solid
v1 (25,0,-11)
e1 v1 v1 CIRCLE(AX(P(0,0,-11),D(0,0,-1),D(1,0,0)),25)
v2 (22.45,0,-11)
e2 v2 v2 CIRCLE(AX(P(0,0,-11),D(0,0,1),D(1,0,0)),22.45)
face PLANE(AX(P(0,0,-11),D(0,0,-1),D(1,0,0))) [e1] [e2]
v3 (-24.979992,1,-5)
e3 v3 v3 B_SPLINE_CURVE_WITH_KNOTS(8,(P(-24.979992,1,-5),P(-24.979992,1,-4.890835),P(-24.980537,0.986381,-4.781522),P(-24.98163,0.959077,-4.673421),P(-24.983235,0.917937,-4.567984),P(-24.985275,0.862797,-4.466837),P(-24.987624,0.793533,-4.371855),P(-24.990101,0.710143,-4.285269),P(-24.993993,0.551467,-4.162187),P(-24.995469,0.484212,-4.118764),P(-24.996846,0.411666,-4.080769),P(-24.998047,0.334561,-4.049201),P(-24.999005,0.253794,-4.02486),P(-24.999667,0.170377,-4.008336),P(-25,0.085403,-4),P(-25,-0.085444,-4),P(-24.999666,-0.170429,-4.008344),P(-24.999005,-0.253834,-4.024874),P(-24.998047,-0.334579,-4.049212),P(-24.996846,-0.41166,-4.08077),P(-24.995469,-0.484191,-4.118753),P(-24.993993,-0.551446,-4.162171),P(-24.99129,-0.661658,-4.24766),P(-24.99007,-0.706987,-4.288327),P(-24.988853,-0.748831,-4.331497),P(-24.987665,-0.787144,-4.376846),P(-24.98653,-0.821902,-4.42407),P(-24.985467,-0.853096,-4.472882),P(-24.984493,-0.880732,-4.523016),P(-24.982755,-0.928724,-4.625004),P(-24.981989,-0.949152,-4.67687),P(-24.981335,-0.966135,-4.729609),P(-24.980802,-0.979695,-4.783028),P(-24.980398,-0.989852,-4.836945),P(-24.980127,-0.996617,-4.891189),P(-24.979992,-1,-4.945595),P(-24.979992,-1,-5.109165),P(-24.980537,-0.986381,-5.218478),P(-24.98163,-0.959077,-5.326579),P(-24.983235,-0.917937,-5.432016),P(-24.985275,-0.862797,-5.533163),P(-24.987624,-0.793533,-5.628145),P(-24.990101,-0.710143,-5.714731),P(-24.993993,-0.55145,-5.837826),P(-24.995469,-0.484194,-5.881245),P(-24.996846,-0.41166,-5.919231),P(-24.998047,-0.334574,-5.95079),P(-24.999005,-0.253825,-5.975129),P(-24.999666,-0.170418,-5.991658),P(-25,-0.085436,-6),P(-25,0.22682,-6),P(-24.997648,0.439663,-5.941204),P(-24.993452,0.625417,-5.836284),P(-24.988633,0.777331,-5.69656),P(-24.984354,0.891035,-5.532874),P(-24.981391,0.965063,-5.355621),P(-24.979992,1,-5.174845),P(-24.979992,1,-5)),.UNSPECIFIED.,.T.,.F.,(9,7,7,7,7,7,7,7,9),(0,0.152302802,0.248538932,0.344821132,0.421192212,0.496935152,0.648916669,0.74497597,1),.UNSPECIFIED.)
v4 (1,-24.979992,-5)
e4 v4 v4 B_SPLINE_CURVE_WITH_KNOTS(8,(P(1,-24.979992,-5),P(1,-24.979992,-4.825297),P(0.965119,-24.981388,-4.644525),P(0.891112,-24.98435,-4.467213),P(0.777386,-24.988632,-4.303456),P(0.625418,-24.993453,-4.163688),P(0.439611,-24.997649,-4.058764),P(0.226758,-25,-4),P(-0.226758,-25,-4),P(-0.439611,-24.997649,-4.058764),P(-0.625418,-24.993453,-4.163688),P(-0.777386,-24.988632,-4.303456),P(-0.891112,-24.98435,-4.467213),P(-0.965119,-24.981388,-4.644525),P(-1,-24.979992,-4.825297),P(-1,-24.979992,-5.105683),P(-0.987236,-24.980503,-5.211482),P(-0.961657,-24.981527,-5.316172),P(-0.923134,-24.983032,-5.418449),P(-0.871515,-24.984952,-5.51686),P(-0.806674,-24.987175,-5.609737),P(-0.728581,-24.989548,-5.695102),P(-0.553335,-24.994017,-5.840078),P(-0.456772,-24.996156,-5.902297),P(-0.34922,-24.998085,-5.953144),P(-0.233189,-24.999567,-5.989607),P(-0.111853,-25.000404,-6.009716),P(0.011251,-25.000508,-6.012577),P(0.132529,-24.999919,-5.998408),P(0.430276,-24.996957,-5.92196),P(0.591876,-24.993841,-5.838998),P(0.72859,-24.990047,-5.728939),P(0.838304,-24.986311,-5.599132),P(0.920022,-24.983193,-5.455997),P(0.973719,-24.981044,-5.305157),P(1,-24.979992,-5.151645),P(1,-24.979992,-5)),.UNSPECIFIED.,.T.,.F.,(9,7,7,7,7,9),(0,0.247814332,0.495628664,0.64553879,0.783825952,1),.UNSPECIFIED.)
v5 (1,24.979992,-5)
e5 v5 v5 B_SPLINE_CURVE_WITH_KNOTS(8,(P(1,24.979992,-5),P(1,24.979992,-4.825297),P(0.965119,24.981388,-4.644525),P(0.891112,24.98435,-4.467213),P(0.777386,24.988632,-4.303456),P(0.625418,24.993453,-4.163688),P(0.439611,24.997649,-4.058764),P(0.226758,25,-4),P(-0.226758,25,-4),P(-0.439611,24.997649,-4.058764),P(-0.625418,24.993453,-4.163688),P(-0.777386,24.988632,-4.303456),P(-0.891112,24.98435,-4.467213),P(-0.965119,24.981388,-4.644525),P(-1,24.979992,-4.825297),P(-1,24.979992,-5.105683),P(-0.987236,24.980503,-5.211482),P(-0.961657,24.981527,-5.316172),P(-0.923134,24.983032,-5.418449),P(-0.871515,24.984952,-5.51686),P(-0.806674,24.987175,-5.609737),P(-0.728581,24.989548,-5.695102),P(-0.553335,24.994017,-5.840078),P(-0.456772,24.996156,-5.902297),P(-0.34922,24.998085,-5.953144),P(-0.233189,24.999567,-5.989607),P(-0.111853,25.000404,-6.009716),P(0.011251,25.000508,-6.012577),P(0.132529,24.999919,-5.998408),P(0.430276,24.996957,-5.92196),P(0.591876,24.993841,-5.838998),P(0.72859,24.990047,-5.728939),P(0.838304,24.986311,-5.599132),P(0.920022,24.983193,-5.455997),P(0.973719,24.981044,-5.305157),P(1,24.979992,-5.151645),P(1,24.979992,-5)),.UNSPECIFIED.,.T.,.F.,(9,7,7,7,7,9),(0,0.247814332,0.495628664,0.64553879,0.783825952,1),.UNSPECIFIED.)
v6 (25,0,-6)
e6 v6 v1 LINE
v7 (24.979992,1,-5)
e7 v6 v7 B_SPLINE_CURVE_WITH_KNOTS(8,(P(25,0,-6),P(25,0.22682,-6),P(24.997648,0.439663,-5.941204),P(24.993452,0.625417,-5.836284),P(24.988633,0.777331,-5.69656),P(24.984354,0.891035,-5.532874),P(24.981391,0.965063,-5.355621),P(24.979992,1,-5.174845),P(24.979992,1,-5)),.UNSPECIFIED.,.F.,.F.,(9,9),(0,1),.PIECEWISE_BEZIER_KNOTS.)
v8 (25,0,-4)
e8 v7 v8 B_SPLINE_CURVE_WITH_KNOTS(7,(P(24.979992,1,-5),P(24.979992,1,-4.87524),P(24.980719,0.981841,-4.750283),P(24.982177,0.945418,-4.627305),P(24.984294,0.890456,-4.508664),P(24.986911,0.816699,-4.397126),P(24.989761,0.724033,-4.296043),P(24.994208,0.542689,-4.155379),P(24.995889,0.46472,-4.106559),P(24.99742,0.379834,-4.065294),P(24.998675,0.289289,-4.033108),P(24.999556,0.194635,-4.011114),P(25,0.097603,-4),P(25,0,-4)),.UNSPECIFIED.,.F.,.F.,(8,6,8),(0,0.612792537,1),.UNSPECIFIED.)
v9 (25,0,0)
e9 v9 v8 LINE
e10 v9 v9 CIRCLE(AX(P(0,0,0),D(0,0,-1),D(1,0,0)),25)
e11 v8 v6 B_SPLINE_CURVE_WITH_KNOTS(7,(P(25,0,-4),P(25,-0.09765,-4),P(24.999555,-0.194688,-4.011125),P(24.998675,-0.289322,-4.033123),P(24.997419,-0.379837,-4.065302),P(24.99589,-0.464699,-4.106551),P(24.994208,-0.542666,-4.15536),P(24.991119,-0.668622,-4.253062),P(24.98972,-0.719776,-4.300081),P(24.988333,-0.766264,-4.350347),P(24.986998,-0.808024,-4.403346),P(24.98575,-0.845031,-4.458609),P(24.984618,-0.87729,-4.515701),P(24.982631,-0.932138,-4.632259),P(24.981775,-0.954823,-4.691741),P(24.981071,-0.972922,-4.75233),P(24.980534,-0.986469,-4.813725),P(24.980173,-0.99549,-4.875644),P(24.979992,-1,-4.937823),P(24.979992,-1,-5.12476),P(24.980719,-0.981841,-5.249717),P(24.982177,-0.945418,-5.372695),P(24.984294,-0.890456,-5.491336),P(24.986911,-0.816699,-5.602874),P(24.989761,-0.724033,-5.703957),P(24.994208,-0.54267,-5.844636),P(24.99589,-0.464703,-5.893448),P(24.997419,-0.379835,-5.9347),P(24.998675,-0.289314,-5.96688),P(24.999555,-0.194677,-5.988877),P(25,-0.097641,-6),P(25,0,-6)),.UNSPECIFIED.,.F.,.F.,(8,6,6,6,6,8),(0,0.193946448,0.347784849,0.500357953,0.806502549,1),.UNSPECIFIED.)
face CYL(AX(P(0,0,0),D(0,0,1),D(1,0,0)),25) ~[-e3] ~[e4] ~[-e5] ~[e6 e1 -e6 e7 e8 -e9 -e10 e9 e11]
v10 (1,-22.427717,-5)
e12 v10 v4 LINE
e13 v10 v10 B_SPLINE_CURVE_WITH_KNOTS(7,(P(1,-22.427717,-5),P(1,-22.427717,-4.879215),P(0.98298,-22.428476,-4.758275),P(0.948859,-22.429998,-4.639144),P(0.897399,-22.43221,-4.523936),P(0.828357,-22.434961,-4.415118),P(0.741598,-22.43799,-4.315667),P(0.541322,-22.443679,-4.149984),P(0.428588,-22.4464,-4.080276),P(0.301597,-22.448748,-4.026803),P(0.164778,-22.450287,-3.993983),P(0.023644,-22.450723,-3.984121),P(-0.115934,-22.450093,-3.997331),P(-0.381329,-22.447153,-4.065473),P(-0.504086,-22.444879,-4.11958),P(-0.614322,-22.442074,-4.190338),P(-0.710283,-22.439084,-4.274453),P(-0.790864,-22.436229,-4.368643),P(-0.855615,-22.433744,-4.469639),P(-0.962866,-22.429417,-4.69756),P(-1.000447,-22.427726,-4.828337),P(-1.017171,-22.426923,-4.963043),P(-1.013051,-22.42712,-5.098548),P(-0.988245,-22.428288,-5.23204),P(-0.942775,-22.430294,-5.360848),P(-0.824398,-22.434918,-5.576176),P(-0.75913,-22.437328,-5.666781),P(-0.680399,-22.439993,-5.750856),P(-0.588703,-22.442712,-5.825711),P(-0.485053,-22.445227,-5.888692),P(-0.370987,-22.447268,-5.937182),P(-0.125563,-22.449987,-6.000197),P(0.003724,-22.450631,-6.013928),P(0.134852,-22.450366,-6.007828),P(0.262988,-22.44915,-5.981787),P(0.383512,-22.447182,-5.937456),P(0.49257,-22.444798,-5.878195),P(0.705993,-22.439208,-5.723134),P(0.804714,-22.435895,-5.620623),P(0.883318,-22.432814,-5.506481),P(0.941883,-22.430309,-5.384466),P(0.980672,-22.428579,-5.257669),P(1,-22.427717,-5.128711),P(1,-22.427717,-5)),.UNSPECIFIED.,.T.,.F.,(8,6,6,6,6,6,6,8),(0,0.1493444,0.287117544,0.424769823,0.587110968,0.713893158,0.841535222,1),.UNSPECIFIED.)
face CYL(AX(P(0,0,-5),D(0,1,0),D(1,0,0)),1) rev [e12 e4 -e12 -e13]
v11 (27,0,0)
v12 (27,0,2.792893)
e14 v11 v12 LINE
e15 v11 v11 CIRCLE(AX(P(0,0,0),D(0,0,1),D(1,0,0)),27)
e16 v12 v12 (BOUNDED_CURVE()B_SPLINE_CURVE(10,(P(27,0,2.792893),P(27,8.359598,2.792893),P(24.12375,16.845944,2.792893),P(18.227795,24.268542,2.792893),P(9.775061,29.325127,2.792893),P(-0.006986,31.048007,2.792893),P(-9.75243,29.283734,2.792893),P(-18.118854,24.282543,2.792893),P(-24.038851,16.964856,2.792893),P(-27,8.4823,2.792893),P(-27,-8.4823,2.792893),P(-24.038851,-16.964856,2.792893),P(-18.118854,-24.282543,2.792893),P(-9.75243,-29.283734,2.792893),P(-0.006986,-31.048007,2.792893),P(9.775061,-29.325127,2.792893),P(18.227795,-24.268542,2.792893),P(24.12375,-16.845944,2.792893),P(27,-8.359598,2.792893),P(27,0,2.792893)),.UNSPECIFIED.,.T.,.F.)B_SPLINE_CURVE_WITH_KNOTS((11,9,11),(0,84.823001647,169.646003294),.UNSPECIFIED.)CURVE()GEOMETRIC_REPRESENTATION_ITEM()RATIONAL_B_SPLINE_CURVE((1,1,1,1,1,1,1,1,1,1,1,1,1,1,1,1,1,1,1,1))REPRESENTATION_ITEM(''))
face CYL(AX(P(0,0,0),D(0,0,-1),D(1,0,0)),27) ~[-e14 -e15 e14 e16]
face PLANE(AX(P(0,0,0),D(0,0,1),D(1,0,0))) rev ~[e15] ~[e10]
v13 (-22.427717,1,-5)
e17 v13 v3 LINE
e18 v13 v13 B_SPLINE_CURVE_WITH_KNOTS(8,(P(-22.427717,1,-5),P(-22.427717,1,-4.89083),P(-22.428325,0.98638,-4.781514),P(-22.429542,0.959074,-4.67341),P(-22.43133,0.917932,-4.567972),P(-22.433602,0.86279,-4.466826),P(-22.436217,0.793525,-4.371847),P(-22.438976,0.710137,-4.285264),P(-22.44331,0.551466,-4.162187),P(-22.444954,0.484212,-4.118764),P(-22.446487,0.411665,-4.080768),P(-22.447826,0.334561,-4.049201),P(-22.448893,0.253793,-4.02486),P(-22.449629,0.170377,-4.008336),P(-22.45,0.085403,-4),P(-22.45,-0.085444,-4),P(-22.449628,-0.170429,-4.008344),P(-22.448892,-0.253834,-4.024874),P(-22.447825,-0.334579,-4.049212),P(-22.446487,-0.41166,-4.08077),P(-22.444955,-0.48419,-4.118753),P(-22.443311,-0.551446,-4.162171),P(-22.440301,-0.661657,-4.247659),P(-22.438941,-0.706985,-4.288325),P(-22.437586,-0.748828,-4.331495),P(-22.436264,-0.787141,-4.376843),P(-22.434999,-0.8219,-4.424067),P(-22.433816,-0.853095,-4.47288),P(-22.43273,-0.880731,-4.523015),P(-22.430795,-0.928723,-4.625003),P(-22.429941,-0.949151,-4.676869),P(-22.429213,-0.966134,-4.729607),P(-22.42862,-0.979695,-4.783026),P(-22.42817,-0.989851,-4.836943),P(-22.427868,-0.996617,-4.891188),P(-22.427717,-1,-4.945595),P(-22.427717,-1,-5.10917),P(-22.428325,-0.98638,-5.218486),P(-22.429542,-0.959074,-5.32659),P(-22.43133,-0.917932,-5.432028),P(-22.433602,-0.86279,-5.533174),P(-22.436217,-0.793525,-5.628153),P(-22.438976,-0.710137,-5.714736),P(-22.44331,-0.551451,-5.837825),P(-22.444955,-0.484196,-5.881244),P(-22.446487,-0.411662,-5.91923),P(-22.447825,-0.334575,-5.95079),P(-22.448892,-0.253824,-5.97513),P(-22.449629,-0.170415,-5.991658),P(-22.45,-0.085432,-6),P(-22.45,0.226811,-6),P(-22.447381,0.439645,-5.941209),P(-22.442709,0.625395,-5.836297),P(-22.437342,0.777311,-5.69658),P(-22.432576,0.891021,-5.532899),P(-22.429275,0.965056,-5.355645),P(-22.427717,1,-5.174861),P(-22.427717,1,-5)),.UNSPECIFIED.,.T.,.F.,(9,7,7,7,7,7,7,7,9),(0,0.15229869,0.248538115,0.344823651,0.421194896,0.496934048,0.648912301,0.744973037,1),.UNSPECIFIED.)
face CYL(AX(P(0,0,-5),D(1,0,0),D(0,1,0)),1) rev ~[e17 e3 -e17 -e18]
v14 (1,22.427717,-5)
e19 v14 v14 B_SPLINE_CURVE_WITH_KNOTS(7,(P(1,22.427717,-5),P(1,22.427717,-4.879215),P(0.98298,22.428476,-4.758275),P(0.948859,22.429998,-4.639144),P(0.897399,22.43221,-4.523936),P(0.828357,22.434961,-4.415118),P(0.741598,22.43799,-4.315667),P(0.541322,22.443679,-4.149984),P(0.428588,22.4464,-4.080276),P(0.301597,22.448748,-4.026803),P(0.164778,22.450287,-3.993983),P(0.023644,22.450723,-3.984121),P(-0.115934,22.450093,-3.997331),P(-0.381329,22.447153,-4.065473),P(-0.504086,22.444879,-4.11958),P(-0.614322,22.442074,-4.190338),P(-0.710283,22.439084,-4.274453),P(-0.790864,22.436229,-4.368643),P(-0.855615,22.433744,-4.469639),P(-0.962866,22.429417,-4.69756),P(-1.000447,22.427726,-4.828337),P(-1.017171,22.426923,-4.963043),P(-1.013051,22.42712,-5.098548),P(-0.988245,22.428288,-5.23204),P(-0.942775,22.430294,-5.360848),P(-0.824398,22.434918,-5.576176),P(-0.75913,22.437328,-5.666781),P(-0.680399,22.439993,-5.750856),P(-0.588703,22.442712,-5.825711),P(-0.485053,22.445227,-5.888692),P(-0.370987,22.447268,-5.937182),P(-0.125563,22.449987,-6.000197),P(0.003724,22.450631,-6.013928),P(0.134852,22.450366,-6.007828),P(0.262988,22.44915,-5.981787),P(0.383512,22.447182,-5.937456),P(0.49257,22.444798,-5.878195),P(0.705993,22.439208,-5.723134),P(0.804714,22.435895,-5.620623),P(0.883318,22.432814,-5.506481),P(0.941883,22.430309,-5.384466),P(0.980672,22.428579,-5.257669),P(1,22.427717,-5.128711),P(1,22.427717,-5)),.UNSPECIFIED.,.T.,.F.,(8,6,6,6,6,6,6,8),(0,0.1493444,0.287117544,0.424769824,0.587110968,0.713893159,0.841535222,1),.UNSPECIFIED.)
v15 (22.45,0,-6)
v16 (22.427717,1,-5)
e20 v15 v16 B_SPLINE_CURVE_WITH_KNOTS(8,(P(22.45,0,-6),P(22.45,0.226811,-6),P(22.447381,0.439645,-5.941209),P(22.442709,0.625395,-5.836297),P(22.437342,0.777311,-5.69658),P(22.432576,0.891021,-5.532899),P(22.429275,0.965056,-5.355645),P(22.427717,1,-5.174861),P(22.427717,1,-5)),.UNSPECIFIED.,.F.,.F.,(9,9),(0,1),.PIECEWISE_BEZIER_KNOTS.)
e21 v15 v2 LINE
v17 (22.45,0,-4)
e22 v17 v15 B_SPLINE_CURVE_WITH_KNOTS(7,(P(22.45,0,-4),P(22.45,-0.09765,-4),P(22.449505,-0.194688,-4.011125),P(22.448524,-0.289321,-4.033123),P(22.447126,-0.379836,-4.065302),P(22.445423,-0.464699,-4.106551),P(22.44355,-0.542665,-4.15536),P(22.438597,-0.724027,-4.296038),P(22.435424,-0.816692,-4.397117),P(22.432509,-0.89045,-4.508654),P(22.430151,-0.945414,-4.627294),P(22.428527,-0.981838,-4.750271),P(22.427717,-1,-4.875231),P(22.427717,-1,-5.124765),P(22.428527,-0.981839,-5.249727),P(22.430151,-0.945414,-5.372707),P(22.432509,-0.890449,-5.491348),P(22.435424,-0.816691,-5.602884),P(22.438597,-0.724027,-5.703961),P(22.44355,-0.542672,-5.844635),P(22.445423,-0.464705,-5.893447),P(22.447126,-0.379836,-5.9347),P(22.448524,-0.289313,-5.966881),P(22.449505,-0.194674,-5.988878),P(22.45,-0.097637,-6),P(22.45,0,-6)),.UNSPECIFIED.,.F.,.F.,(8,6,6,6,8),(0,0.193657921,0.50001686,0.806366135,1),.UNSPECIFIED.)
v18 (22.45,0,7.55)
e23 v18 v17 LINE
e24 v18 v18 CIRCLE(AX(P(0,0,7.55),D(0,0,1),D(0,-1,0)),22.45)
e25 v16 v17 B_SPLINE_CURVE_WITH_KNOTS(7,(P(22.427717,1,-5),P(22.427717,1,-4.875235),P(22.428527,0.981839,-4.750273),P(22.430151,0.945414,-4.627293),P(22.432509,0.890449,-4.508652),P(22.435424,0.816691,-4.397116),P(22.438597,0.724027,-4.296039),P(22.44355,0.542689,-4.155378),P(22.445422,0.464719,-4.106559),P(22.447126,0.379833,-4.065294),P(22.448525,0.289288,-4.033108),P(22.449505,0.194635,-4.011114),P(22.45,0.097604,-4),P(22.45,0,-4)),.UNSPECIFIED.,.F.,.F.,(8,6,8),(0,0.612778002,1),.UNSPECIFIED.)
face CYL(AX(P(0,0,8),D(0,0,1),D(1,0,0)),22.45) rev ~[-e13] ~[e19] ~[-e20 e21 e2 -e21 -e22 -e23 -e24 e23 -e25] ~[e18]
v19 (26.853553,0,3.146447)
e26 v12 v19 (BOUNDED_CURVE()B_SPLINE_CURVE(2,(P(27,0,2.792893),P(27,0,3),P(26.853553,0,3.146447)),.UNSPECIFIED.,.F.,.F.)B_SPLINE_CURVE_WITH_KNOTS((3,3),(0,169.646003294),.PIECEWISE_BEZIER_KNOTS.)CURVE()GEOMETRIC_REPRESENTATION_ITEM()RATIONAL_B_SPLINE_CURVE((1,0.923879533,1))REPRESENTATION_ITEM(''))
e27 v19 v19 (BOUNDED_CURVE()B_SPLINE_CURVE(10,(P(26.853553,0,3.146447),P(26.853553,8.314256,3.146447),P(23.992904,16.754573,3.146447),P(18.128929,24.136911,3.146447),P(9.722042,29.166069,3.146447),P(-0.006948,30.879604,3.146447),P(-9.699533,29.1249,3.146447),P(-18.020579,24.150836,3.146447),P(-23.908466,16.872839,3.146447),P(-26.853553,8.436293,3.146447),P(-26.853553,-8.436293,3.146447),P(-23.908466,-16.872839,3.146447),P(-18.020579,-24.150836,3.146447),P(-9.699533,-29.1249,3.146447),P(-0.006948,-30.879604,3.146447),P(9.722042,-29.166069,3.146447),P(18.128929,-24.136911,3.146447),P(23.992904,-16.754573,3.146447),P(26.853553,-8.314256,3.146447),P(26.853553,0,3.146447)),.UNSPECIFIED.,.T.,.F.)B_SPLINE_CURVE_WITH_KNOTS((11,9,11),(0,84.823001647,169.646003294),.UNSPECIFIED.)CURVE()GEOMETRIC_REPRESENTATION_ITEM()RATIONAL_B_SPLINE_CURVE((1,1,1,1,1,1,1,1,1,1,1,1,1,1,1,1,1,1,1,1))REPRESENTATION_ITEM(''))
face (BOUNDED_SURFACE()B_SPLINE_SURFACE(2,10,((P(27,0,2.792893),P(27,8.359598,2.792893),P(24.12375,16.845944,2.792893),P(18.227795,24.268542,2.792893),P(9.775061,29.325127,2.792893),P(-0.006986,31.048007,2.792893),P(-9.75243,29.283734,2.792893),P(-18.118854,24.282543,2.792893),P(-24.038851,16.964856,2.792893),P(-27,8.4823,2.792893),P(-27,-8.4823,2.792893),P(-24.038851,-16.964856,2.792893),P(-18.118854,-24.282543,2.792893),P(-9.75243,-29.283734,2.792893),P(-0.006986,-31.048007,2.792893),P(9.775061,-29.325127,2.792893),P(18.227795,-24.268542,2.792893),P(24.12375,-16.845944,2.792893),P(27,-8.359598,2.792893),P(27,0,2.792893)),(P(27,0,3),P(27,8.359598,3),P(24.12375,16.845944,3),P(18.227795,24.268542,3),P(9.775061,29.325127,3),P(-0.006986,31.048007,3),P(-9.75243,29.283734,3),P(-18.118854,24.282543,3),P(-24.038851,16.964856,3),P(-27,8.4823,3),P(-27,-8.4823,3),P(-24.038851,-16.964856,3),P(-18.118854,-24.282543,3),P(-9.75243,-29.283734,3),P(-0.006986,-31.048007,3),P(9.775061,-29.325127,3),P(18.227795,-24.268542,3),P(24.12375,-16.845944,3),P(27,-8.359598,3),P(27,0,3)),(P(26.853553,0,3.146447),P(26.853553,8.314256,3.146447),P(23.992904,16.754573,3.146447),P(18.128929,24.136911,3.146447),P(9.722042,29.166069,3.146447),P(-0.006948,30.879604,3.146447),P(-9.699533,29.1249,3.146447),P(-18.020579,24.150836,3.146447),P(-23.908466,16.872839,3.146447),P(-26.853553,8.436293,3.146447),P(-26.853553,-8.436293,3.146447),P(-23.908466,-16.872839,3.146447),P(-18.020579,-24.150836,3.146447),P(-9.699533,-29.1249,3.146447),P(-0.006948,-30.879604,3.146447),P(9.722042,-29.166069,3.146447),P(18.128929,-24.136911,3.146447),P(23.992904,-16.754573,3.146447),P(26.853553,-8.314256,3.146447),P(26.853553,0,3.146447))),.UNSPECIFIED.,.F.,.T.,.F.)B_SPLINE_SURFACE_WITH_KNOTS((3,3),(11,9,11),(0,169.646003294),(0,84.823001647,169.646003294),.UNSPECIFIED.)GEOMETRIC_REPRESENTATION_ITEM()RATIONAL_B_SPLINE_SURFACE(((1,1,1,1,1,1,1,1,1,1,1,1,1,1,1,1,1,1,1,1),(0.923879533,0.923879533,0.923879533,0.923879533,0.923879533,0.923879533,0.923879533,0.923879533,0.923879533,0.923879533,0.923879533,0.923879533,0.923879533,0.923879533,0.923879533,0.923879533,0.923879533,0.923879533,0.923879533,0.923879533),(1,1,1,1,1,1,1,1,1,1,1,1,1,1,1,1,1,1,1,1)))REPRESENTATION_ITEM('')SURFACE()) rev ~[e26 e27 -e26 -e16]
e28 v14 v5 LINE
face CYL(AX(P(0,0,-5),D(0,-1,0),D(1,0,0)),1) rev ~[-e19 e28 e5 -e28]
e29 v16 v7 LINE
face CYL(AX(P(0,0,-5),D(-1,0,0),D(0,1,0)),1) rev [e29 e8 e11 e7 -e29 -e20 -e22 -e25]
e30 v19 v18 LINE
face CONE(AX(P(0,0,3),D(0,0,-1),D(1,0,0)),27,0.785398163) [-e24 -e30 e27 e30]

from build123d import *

# Parameters (mm, degrees)
F0_R           = 27
F1_DEPTH       = 8
F2_SIZE        = 5
F3_R           = 0.5
F4_R           = 25
F5_DEPTH       = 11
F6_R           = 22.45
F7_DEPTH       = 19.001
F8_R           = 1
F9_DEPTH       = 27.0010008385
F9_DEPTH_BACK  = 27.0010008385
F10_R          = 1
F11_DEPTH      = 27.0010001
F11_DEPTH_BACK = 27.0010001


with BuildPart() as f1:
    # F0 (on Top) → F1 (new body)
    with BuildSketch(Plane.XY):
        Circle(F0_R)
    extrude(amount=F1_DEPTH)

    # F2
    f2_edges = [f1.edges().sort_by_distance(p)[0] for p in [
        (-27, 0, 8),
    ]]
    chamfer(f2_edges, length=F2_SIZE)

    # F3
    f3_edges = [f1.edges().sort_by_distance(p)[0] for p in [
        (-22, 0, 8),
        (-27, 0, 3),
    ]]
    fillet(f3_edges, radius=F3_R)

    # F4 (on face) → F5 (join)
    with BuildSketch(Plane(origin=(0, 0, 0), x_dir=(1, 0, 0), z_dir=(0, 0, -1))):
        Circle(F4_R)
    extrude(amount=F5_DEPTH)

    # F6 (on face) → F7 (cut, through all)
    with BuildSketch(Plane.XY.offset(8)):
        Circle(F6_R)
    extrude(amount=-F7_DEPTH, mode=Mode.SUBTRACT)

    # F8 (on Front) → F9 (cut, two sides)
    with BuildSketch(Plane.XZ) as f9_sk:
        with Locations((0, -5)):
            Circle(F8_R)
    extrude(amount=-F9_DEPTH, mode=Mode.SUBTRACT)
    extrude(f9_sk.sketch, amount=F9_DEPTH_BACK, mode=Mode.SUBTRACT)

    # F10 (on Right) → F11 (cut, two sides)
    with BuildSketch(Plane.YZ) as f11_sk:
        with Locations((0, -5)):
            Circle(F10_R)
    extrude(amount=F11_DEPTH, mode=Mode.SUBTRACT)
    extrude(f11_sk.sketch, amount=-F11_DEPTH_BACK, mode=Mode.SUBTRACT)


solid = f1.part
